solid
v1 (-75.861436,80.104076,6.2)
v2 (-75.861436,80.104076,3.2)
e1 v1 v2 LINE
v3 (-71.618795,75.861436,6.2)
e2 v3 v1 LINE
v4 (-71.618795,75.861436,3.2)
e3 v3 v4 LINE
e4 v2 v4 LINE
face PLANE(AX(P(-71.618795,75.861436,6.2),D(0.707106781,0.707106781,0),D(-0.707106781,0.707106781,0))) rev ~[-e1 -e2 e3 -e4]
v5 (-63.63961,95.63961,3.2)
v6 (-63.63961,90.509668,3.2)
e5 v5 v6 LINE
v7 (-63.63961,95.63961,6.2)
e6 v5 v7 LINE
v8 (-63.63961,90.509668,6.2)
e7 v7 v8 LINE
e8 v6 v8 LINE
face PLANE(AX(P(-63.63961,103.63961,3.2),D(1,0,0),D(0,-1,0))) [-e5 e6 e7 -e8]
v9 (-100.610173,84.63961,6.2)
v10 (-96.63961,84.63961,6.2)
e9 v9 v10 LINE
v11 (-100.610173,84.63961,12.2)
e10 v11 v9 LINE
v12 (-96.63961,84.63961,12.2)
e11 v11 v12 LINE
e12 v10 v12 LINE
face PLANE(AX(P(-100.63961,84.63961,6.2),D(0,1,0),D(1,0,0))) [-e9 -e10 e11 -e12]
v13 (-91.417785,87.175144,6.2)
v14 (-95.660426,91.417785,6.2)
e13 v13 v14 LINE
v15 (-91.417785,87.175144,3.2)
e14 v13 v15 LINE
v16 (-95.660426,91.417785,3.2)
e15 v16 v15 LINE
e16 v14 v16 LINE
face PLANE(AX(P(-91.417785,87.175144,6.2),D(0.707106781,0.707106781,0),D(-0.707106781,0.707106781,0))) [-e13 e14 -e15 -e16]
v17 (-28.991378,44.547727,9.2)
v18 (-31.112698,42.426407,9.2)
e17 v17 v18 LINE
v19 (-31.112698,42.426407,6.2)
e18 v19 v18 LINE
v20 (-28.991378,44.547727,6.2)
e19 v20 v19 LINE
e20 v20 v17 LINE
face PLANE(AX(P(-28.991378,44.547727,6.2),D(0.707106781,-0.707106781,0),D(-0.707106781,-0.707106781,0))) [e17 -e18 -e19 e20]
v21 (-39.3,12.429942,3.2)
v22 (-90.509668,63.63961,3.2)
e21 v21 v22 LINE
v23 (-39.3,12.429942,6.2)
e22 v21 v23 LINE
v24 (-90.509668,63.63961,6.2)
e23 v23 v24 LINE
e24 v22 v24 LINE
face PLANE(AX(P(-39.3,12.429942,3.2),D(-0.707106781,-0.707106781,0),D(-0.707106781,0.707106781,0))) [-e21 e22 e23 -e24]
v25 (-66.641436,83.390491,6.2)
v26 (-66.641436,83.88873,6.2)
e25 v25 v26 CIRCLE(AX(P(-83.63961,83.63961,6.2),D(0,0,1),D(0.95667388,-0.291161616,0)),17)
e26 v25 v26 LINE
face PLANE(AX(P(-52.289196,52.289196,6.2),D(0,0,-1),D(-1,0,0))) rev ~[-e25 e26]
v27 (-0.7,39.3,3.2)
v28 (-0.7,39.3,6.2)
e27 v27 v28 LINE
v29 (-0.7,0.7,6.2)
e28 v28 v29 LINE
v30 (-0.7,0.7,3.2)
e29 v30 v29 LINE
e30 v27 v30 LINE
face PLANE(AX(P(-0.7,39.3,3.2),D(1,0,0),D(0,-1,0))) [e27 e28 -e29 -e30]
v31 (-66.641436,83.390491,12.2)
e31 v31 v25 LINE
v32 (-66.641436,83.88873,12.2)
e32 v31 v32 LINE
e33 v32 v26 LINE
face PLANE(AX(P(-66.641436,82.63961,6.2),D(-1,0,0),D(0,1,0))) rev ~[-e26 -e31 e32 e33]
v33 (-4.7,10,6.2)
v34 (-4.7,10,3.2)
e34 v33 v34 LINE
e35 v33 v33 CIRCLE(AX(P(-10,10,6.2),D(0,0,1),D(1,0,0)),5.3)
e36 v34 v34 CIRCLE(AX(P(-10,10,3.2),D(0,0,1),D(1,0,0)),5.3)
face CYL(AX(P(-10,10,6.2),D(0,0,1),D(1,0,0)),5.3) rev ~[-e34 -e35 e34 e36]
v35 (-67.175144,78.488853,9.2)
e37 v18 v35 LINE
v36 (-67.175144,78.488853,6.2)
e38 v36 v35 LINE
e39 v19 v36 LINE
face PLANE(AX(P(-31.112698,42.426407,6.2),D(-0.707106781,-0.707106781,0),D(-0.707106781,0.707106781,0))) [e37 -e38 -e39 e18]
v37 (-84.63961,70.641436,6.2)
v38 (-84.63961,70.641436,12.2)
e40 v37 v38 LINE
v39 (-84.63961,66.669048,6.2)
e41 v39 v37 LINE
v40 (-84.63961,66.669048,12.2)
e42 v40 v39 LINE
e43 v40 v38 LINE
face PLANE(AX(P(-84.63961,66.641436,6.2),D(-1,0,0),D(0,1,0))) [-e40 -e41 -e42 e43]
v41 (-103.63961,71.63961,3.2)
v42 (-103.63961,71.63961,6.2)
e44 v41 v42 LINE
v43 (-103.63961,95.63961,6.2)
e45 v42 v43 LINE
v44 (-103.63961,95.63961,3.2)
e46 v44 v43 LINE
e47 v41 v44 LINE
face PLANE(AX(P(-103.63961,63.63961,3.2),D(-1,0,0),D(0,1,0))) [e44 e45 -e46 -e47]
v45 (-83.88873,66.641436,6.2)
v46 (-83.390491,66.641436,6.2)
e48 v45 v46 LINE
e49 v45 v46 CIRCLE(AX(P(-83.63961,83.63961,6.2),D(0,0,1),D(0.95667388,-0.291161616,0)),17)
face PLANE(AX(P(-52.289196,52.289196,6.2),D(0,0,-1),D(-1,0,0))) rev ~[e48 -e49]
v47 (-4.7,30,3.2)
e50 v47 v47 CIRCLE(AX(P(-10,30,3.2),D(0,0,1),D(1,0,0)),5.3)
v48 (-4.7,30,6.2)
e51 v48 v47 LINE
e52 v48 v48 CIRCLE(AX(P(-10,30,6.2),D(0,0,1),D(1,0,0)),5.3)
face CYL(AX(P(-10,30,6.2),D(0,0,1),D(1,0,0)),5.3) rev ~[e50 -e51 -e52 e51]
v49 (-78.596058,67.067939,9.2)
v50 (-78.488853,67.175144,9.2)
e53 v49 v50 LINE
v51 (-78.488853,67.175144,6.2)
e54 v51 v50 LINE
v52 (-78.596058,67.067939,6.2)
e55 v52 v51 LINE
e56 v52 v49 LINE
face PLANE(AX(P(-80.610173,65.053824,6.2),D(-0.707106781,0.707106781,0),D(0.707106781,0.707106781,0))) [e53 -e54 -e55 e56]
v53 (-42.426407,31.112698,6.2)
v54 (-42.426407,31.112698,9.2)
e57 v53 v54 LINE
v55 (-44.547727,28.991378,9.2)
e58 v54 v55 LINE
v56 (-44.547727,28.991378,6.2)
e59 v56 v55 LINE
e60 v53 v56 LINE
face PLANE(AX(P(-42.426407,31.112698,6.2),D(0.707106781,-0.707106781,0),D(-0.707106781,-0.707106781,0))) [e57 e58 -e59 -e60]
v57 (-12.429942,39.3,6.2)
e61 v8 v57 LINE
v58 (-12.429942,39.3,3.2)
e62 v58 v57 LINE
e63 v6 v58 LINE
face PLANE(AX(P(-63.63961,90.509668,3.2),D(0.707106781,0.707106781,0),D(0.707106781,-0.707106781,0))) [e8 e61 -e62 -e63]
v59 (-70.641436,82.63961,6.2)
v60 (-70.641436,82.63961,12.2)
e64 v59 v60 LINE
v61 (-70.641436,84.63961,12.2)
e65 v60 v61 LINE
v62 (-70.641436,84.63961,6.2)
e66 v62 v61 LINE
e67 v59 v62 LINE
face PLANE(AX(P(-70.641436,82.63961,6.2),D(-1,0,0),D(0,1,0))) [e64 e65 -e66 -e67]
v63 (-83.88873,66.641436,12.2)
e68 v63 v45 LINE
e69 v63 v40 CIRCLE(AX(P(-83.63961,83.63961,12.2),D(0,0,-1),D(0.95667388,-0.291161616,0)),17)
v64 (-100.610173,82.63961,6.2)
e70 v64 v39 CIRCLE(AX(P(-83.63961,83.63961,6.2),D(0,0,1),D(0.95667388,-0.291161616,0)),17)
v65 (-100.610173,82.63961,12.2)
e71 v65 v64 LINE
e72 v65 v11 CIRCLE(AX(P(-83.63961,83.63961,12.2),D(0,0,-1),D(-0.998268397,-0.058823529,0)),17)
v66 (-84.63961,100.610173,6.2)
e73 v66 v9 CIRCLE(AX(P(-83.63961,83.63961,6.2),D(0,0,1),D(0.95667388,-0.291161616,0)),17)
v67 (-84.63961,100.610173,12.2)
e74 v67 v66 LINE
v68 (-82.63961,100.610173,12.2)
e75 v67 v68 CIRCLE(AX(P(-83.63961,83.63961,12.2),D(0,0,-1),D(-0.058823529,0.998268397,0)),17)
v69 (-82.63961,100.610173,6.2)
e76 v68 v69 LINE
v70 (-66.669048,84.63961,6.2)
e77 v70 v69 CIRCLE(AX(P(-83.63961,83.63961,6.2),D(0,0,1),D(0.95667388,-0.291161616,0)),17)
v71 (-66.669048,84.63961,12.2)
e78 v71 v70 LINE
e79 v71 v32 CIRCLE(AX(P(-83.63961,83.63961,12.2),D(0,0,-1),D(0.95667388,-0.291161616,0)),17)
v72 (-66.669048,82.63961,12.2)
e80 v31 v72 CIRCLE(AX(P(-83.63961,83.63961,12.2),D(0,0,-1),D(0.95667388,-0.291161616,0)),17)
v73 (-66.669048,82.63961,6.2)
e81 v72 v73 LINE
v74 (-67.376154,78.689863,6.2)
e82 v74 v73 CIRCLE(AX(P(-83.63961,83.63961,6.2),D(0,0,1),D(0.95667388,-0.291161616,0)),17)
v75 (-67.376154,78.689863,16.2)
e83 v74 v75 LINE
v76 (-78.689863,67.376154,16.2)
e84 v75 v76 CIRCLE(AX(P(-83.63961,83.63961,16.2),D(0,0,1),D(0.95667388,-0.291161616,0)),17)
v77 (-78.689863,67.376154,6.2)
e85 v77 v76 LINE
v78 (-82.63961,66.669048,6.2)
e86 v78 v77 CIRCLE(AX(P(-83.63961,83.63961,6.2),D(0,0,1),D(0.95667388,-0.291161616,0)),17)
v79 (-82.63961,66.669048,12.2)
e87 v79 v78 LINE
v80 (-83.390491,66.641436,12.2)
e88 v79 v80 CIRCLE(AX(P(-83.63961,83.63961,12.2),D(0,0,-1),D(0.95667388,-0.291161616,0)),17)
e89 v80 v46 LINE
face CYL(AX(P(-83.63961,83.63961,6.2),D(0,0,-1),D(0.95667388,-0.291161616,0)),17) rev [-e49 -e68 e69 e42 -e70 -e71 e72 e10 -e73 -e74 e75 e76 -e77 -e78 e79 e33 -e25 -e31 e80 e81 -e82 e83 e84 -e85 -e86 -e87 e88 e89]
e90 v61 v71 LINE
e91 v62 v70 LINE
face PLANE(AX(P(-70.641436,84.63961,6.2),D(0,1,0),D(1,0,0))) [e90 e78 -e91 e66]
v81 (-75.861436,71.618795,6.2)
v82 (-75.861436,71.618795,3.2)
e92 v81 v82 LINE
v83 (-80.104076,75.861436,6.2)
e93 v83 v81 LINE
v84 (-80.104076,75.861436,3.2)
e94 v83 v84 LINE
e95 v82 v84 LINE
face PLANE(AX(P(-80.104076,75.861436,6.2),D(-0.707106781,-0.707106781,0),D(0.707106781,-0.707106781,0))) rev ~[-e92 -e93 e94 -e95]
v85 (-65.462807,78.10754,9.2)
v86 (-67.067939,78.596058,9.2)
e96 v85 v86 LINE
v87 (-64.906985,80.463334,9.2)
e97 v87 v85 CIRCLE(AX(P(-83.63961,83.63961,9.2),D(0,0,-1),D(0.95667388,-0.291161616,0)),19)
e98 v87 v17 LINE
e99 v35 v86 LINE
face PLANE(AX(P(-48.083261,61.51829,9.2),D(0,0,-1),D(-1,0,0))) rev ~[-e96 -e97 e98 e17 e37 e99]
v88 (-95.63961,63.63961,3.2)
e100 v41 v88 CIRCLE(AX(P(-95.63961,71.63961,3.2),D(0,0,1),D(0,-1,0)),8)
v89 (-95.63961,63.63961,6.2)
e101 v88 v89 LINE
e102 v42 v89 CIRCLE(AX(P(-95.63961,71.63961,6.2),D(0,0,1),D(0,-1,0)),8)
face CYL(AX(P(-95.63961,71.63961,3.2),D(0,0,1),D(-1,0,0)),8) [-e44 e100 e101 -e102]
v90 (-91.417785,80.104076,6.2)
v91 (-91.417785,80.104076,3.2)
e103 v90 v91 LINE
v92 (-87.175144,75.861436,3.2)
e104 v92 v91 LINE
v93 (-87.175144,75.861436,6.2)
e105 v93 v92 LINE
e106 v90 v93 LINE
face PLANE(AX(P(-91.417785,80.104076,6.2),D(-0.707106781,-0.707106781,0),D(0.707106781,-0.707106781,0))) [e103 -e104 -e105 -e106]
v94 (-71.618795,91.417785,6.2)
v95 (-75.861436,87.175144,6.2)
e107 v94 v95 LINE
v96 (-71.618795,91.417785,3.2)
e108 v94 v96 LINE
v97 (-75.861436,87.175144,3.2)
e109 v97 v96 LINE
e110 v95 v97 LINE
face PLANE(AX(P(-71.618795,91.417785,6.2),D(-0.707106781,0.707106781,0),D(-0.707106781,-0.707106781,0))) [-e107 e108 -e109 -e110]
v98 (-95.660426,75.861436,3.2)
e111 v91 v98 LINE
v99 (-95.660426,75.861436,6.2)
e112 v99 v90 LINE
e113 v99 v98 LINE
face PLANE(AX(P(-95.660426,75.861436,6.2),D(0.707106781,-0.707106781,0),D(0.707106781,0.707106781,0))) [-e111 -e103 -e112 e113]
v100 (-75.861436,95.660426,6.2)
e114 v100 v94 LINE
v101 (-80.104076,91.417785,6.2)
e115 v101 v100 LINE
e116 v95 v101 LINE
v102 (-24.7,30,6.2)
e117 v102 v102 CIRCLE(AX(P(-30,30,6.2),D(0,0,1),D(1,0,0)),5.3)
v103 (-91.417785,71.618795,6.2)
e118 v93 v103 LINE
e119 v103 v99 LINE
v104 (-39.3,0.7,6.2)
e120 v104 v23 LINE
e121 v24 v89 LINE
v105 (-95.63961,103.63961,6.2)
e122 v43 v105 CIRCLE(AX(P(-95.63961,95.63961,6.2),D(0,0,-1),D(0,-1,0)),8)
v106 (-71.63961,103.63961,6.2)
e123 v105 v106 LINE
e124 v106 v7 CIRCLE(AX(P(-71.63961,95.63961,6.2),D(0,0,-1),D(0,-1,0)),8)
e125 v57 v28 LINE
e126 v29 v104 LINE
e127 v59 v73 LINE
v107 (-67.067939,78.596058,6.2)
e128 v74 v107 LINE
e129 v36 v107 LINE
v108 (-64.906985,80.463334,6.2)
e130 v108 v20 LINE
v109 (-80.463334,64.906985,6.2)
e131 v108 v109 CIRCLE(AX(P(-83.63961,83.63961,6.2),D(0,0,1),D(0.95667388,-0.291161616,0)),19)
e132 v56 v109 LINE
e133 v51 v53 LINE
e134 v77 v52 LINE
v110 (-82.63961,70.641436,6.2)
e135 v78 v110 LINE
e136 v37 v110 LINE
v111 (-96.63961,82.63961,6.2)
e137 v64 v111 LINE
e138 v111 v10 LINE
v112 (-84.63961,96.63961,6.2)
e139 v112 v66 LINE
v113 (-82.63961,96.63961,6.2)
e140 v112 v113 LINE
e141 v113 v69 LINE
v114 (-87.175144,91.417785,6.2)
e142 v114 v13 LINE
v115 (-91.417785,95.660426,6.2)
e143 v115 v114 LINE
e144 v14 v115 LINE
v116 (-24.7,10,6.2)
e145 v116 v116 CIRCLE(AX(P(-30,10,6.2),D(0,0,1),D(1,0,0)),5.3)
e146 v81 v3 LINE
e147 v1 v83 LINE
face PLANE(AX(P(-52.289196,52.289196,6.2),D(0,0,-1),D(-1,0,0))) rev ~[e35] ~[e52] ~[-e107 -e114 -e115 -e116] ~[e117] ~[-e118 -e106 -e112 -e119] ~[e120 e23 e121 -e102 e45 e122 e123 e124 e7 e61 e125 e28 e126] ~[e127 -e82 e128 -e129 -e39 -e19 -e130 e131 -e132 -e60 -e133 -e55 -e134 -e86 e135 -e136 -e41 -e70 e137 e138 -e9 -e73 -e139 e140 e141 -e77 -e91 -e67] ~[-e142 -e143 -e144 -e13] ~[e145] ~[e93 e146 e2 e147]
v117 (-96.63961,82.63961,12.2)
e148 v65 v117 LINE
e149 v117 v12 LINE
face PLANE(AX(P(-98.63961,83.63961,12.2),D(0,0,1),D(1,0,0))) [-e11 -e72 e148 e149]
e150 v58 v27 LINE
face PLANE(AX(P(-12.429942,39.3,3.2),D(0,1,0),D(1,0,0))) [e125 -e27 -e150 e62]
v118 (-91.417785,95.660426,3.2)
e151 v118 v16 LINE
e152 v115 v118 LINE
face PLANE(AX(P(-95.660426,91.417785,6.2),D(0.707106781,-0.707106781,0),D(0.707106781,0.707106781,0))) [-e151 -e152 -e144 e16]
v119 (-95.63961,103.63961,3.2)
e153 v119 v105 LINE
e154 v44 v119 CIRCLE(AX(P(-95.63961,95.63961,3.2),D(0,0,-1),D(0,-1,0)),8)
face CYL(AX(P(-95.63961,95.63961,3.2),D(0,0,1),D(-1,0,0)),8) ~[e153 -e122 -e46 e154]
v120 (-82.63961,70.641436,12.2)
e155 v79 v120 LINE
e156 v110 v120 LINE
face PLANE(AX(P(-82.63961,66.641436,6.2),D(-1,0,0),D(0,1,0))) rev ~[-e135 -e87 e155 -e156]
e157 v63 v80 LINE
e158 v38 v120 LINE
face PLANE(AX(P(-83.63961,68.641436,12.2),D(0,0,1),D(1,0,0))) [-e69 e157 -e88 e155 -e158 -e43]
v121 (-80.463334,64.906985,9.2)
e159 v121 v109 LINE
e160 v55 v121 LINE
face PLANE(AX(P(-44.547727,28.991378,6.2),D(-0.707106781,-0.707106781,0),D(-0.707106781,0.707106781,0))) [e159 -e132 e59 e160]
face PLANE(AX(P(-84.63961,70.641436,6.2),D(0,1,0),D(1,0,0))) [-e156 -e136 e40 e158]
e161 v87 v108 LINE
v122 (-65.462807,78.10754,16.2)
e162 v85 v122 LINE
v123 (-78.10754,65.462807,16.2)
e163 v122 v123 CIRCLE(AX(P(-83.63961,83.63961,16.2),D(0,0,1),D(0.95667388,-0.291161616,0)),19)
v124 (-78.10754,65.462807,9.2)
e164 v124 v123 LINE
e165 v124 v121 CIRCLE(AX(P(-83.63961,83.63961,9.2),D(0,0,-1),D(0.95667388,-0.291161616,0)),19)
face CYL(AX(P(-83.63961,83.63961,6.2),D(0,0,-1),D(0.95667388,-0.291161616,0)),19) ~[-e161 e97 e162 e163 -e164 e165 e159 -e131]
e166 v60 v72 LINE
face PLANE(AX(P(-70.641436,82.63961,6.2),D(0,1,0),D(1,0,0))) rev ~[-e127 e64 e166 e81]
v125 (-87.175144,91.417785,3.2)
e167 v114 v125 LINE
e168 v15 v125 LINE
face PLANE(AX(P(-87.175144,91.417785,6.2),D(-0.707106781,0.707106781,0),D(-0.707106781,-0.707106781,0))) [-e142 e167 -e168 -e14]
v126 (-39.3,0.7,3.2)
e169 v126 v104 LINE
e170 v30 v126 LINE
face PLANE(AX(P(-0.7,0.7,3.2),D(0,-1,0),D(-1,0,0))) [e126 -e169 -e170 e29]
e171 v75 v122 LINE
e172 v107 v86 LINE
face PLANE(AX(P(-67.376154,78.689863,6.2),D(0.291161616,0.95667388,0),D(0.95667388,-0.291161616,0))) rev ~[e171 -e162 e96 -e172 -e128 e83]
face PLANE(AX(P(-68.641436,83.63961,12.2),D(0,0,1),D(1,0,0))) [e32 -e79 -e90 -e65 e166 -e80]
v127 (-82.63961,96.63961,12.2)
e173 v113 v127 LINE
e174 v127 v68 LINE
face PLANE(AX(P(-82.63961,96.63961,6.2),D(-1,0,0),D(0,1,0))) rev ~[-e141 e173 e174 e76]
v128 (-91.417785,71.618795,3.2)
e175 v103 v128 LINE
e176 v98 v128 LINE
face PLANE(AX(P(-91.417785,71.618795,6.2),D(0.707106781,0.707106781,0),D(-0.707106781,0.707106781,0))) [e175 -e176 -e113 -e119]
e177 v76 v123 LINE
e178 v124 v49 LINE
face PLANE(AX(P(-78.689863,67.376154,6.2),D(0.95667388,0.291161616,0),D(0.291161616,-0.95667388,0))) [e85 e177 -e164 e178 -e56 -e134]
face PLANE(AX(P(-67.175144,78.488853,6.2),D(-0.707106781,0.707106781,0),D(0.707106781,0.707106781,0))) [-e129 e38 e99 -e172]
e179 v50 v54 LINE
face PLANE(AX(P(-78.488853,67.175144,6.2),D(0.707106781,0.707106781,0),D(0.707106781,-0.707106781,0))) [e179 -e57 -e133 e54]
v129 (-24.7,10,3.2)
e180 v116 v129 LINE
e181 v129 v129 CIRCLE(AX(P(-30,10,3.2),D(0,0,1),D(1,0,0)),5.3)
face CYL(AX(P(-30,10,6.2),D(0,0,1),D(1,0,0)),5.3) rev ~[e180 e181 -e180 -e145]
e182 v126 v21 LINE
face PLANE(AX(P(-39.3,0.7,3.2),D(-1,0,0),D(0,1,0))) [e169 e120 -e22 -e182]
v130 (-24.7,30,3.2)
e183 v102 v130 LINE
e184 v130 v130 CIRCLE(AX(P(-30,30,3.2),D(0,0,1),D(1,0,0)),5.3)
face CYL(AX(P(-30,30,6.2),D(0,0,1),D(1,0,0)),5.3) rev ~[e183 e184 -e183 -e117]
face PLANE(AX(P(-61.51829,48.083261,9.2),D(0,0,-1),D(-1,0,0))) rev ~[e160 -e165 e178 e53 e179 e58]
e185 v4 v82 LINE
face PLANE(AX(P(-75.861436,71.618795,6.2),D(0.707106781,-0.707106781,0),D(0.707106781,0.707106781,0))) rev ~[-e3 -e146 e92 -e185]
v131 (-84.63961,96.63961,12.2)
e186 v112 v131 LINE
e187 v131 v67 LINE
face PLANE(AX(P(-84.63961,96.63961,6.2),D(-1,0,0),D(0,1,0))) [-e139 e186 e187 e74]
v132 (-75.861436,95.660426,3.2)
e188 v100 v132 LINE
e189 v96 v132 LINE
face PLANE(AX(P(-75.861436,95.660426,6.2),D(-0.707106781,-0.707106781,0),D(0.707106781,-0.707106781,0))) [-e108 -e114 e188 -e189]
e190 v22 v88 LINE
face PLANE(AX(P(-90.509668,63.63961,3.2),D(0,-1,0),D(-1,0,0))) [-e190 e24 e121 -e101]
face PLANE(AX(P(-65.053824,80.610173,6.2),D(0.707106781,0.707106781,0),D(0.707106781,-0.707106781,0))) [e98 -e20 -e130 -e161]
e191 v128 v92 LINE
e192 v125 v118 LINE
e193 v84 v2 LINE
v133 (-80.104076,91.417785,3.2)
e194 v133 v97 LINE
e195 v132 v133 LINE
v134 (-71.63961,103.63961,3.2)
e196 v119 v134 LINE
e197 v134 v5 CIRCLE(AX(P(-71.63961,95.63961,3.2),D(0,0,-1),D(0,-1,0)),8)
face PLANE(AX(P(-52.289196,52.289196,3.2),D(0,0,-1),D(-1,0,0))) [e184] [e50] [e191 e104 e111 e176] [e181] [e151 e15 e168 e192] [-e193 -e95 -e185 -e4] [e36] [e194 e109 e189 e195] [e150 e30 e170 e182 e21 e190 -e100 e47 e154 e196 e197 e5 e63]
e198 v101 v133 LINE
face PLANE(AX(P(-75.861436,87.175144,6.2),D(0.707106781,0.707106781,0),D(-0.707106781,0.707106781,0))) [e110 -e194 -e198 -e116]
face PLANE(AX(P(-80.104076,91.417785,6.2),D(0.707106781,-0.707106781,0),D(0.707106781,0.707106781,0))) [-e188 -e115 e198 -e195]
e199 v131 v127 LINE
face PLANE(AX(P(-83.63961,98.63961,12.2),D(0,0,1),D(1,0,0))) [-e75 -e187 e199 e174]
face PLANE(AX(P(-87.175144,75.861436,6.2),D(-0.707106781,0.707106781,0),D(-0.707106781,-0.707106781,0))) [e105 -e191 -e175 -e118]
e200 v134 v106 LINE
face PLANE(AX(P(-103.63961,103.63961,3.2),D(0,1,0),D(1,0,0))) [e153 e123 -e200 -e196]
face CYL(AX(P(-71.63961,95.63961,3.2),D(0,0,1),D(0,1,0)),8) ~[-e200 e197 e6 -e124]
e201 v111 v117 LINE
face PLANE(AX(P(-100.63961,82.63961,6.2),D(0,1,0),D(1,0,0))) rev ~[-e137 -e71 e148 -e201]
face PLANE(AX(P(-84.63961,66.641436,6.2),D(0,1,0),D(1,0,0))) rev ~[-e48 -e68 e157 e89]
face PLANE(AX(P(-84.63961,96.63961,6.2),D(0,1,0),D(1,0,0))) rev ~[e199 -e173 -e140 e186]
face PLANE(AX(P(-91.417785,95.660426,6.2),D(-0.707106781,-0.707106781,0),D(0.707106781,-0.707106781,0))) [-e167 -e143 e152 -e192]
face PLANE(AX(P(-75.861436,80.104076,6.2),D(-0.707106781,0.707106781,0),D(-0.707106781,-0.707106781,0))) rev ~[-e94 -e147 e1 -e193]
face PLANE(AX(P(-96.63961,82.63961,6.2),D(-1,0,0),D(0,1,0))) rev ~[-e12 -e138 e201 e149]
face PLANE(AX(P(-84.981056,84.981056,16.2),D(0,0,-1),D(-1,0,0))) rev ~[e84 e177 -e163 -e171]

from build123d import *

# Parameters (mm, degrees)
PAD002_DEPTH    = 3
POCKET001_DEPTH = 5
PAD003_DEPTH    = 10
FILLET_R        = 8
FILLET001_R     = 8
FILLET002_R     = 8
PAD004_DEPTH    = 3
SKETCH007_W     = 2
SKETCH007_H     = 4
SKETCH007_W_2   = 4
SKETCH007_H_2   = 2
PAD005_DEPTH    = 6
SKETCH008_R     = 5.3
POCKET002_DEPTH = 5


with BuildPart() as part:
    # Sketch003 → Pad002 (new body)
    with BuildSketch(Plane.XY.offset(3.2)):
        Polygon((-63.6396103068, 90.5096679919), (-12.4299423149, 39.3), (-0.7, 39.3), (-0.7, 0.7), (-39.3, 0.7), (-39.3, 12.4299423149), (-90.5096679919, 63.6396103068), (-103.6396103068, 63.6396103068), (-103.6396103068, 103.6396103068), (-63.6396103068, 103.6396103068), align=None)
    extrude(amount=PAD002_DEPTH)

    # Sketch004 (on Face12 of Pad002) → Pocket001 (cut)
    with BuildSketch(Plane.XY.offset(6.2)):
        Polygon((-95.660425587, 75.8614357137), (-91.4177848998, 80.1040764009), (-87.1751442127, 75.8614357137), (-91.4177848998, 71.6187950266), align=None)
        Polygon((-75.8614357137, 87.1751442127), (-80.1040764009, 91.4177848998), (-75.8614357137, 95.660425587), (-71.6187950266, 91.4177848998), align=None)
        Polygon((-87.1751442127, 91.4177848998), (-91.4177848998, 87.1751442127), (-95.660425587, 91.4177848998), (-91.4177848998, 95.660425587), align=None)
        Polygon((-75.8614357137, 80.1040764009), (-80.1040764009, 75.8614357137), (-75.8614357137, 71.6187950266), (-71.6187950266, 75.8614357137), align=None)
    extrude(amount=-POCKET001_DEPTH, mode=Mode.SUBTRACT)

    # Sketch005 (on Face5 of Pocket001) → Pad003 (join)
    with BuildSketch(Plane.XY.offset(6.2)):
        with BuildLine():
            ThreePointArc((-67.3761543395, 78.6898628385), (-95.660425587, 95.660425587), (-78.6898628385, 67.3761543395))
            Line((-78.6898628385, 67.3761543395), (-78.1075396069, 65.4628065786))
            ThreePointArc((-65.4628065786, 78.1075396069), (-97.0746391493, 97.0746391493), (-78.1075396069, 65.4628065786))
            Line((-67.3761543395, 78.6898628385), (-65.4628065786, 78.1075396069))
        make_face()
    extrude(amount=PAD003_DEPTH)

    # Fillet
    fillet_edges = [part.edges().sort_by_distance(p)[0] for p in [
        (-103.63961, 63.63961, 4.7),
    ]]
    fillet(fillet_edges, radius=FILLET_R)

    # Fillet001
    fillet001_edges = [part.edges().sort_by_distance(p)[0] for p in [
        (-103.63961, 103.63961, 4.7),
    ]]
    fillet(fillet001_edges, radius=FILLET001_R)

    # Fillet002
    fillet002_edges = [part.edges().sort_by_distance(p)[0] for p in [
        (-63.63961, 103.63961, 4.7),
    ]]
    fillet(fillet002_edges, radius=FILLET002_R)

    # Sketch006 (on Face31 of Fillet002) → Pad004 (join)
    with BuildSketch(Plane.XY.offset(6.2)):
        Polygon((-80.6101730553, 65.0538238692), (-78.4888527117, 67.1751442127), (-42.4264068712, 31.1126983722), (-44.5477272148, 28.9913780286), align=None)
        Polygon((-67.1751442128, 78.4888527117), (-65.0538238692, 80.6101730553), (-28.9913780286, 44.5477272148), (-31.1126983722, 42.4264068711), align=None)
    extrude(amount=PAD004_DEPTH)

    # Sketch007 (on Face31 of Pad004) → Pad005 (join)
    with BuildSketch(Plane.XY.offset(6.2)):
        with Locations((-83.6396103068, 98.6396103068)):
            Rectangle(SKETCH007_W, SKETCH007_H)
        with Locations((-98.6396103068, 83.6396103068)):
            Rectangle(SKETCH007_W_2, SKETCH007_H_2)
        with Locations((-68.6414357137, 83.6396103068)):
            Rectangle(SKETCH007_W_2, SKETCH007_H_2)
        with Locations((-83.6396103068, 68.6414357137)):
            Rectangle(SKETCH007_W, SKETCH007_H)
    extrude(amount=PAD005_DEPTH)

    # Sketch008 (on Face31 of Pad005) → Pocket002 (cut)
    with BuildSketch(Plane.XY.offset(6.2)):
        with Locations((-30, 30)):
            Circle(SKETCH008_R)
        with Locations((-10, 30)):
            Circle(SKETCH008_R)
        with Locations((-30, 10)):
            Circle(SKETCH008_R)
        with Locations((-10, 10)):
            Circle(SKETCH008_R)
    extrude(amount=-POCKET002_DEPTH, mode=Mode.SUBTRACT)


solid = part.part
